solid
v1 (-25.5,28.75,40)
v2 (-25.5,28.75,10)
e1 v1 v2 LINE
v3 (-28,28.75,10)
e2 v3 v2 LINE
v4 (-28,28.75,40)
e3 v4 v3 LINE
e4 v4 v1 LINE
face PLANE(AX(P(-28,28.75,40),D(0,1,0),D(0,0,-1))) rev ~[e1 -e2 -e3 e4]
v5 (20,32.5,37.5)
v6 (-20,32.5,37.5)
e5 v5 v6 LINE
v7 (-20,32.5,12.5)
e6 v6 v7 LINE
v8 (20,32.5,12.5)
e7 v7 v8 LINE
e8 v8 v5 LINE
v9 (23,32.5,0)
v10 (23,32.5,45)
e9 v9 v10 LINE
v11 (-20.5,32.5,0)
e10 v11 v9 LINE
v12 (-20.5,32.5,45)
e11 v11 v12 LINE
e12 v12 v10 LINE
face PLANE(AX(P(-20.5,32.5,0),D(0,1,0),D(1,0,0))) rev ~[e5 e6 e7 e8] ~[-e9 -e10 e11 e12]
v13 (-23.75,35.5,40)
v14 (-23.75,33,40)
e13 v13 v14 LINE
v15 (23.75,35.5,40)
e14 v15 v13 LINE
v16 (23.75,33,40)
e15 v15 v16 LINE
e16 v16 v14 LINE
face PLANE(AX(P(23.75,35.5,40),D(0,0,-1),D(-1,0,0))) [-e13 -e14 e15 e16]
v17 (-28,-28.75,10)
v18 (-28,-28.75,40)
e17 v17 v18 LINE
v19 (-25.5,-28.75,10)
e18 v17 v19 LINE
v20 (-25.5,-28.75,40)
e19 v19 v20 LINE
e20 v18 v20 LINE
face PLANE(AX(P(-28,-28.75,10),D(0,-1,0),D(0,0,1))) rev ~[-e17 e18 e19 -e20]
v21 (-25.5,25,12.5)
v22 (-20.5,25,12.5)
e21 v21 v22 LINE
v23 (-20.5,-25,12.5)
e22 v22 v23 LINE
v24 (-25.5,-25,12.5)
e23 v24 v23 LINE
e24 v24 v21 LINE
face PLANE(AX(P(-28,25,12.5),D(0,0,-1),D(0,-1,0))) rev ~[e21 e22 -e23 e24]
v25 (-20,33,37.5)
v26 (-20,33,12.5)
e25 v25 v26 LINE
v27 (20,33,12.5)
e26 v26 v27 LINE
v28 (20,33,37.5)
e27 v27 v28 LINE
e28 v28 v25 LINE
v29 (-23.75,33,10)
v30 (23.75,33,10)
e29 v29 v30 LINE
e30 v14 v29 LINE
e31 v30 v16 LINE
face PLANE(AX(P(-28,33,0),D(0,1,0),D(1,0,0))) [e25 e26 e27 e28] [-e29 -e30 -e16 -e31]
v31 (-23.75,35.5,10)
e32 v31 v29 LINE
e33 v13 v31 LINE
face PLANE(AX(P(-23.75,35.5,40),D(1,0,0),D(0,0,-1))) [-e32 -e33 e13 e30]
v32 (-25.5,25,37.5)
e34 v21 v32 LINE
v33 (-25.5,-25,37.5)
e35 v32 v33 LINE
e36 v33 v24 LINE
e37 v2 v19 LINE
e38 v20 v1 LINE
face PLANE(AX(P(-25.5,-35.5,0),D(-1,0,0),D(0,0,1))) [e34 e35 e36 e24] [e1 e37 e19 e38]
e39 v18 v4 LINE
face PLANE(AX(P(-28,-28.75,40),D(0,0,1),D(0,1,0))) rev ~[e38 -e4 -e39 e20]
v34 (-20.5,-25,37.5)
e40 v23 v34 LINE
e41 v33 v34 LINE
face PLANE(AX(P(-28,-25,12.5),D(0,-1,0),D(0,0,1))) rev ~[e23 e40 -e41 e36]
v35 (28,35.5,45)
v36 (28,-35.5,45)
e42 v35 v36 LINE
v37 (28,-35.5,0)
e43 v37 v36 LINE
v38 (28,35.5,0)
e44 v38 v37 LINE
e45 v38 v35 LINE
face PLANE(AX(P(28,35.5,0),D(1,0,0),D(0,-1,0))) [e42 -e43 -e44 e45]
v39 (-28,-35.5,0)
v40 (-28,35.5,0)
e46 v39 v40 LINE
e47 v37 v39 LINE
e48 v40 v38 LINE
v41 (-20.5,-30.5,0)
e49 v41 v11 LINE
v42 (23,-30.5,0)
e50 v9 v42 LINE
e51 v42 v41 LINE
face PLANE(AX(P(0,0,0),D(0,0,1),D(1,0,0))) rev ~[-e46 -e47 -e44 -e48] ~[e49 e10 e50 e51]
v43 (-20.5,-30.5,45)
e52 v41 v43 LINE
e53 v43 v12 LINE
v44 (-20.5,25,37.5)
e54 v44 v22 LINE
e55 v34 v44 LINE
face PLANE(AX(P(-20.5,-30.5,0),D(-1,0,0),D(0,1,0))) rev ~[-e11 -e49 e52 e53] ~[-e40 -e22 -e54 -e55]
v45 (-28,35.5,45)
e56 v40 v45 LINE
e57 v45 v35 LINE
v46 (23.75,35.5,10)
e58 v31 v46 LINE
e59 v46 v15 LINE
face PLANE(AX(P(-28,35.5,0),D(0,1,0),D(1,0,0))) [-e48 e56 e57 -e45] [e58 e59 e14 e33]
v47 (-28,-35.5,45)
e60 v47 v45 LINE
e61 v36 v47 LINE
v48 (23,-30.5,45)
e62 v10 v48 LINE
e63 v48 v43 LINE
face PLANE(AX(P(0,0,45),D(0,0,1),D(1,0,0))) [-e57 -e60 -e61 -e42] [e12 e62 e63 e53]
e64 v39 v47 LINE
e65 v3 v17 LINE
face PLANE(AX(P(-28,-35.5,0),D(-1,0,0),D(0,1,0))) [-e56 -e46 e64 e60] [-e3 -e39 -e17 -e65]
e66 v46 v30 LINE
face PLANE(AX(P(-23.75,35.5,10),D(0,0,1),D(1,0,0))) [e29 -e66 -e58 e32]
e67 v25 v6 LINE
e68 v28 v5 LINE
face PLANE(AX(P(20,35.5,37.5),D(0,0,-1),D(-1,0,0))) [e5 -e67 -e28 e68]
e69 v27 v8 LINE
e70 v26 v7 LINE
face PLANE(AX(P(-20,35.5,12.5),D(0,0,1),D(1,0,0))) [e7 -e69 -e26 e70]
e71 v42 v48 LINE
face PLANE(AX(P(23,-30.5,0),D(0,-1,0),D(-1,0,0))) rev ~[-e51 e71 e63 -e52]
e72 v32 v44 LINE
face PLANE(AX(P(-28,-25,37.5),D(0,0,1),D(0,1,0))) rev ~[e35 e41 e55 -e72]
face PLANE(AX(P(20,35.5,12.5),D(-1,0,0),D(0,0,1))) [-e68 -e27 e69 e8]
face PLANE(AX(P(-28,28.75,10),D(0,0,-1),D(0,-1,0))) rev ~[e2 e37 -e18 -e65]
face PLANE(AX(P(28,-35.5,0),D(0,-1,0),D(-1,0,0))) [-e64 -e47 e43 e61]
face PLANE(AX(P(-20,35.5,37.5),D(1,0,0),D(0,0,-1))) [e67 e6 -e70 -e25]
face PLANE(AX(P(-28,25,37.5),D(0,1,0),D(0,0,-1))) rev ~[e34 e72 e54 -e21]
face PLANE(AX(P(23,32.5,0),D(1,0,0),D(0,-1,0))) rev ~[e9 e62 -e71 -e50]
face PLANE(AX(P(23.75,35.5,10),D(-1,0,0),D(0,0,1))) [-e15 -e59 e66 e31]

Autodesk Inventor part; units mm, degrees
ref_plane "YZ Plane" through (0, 0, 0) normal (1, 0, 0) x (0, 1, 0)
ref_plane "XZ Plane" through (0, 0, 0) normal (0, 1, 0) x (-1, 0, 0)
ref_plane "XY Plane" through (0, 0, 0) normal (0, 0, 1) x (1, 0, 0)
sketch "Sketch1" plane through (0, 0, 0) normal (0, 0, 1) x (1, 0, 0)
  line L0 (-28, 35.5) -> (28, 35.5)
  line L1 (28, 35.5) -> (28, -35.5)
  line L2 (28, -35.5) -> (-28, -35.5)
  line L3 (-28, -35.5) -> (-28, 35.5)
  line L4 (-20.5, 32.5) -> (23, 32.5)
  line L5 (23, 32.5) -> (23, -30.5)
  line L6 (23, -30.5) -> (-20.5, -30.5)
  line L7 (-20.5, -30.5) -> (-20.5, 32.5)
  point P0 (0, 0)
  dimension "d0" = 56
  dimension "d1" = 28
  dimension "d2" = 71
  dimension "d3" = 35.5
  dimension "d4" = 3
  dimension "d5" = 7.5
  dimension "d7" = 5
  dimension "d8" = 5
extrude "Extrusion1" add sketch "Sketch1" along normal blind 45
sketch "Sketch2" plane through (-28, -35.5, 0) normal (-1, 0, 0) x (0, 0, 1)
  line L0 (37.5, 60.5) -> (12.5, 60.5)
  line L1 (12.5, 60.5) -> (12.5, 10.5)
  line L2 (12.5, 10.5) -> (37.5, 10.5)
  line L3 (37.5, 10.5) -> (37.5, 60.5)
  point P0 (0, 35.5)
  dimension "d11" = 50
  dimension "d12" = 25
  dimension "d13" = 25
  dimension "d14" = 12.5
extrude "Extrusion2" cut sketch "Sketch2" against normal up to surface (7.5 mm away)
sketch "Sketch4" plane through (-28, -35.5, 0) normal (-1, 0, 0) x (0, 0, 1)
  line L0 (40, 64.25) -> (10, 64.25)
  line L1 (10, 64.25) -> (10, 6.75)
  line L2 (10, 6.75) -> (40, 6.75)
  line L3 (40, 6.75) -> (40, 64.25)
  line L4 (0, 0) -> (0, 71) projected
  point P0 (0, 35.5)
  dimension "d23" = 57.5
  dimension "d24" = 30
  dimension "d25" = 28.75
  dimension "d26" = 10
extrude "Extrusion4" cut sketch "Sketch4" against normal blind 2.5
sketch "Sketch5" plane through (-28, 35.5, 0) normal (0, 1, 0) x (1, 0, 0)
  line L0 (51.75, -40) -> (4.25, -40)
  line L1 (4.25, -40) -> (4.25, -10)
  line L2 (4.25, -10) -> (51.75, -10)
  line L3 (51.75, -10) -> (51.75, -40)
  line L4 (0, 0) -> (56, 0) projected
  point P0 (28, 0)
  dimension "d29" = 10
  dimension "d30" = 30
  dimension "d31" = 47.5
  dimension "d32" = 23.75
extrude "Extrusion5" cut sketch "Sketch5" against normal blind 2.5
sketch "Sketch6" plane through (-28, 35.5, 0) normal (0, 1, 0) x (1, 0, 0)
  line L0 (48, -37.5) -> (8, -37.5)
  line L1 (8, -37.5) -> (8, -12.5)
  line L2 (8, -12.5) -> (48, -12.5)
  line L3 (48, -12.5) -> (48, -37.5)
  point P0 (28, 0)
  dimension "d35" = 40
  dimension "d36" = 20
  dimension "d37" = 25
  dimension "d38" = 12.5
extrude "Extrusion6" cut sketch "Sketch6" against normal up to surface (3 mm away)
ref_plane "Work Plane1" through (0, 0, 7.5) normal (0, 0, -1) x (-1, 0, 0)
sketch "Sketch8" plane through (0, 0, 7.5) normal (0, 0, -1) x (-1, 0, 0)
  line L0 (-42, 35.5) -> (-28, 35.5)
  line L1 (-28, 35.5) -> (-28, -35.5)
  line L2 (-28, -35.5) -> (-42, -35.5)
  line L3 (-42, -35.5) -> (-42, 35.5)
  line L4 (-28, -35.5) -> (28, -35.5)
  line L5 (28, -35.5) -> (28, -52)
  line L6 (28, -52) -> (-28, -52)
  line L7 (-28, -52) -> (-28, -35.5)
  line L8 (28, 35.5) -> (47, 35.5)
  line L9 (47, 35.5) -> (47, -35.5)
  line L10 (47, -35.5) -> (28, -35.5)
  line L11 (28, -35.5) -> (28, 35.5)
  line L12 (-28, 35.5) -> (28, 35.5) projected
  line L13 (28, -35.5) -> (-28, -35.5) projected
  line L14 (-28, -35.5) -> (-28, 35.5) projected
  line L15 (28, 35.5) -> (28, -35.5) projected
  point P0 (0, 0)
equation "\"d1\" = 0.5 * d0"
equation "\"d3\" = 0.5 * d2"
equation "\"d7\" = d8"
equation "\"d12\" = 0.5 * d11"
equation "\"d25\" = 0.5 * d23"
equation "\"d32\" = 0.5 * d31"
equation "\"d36\" = 0.5 * d35"
properties part number "sampleHolderEnclosure"
